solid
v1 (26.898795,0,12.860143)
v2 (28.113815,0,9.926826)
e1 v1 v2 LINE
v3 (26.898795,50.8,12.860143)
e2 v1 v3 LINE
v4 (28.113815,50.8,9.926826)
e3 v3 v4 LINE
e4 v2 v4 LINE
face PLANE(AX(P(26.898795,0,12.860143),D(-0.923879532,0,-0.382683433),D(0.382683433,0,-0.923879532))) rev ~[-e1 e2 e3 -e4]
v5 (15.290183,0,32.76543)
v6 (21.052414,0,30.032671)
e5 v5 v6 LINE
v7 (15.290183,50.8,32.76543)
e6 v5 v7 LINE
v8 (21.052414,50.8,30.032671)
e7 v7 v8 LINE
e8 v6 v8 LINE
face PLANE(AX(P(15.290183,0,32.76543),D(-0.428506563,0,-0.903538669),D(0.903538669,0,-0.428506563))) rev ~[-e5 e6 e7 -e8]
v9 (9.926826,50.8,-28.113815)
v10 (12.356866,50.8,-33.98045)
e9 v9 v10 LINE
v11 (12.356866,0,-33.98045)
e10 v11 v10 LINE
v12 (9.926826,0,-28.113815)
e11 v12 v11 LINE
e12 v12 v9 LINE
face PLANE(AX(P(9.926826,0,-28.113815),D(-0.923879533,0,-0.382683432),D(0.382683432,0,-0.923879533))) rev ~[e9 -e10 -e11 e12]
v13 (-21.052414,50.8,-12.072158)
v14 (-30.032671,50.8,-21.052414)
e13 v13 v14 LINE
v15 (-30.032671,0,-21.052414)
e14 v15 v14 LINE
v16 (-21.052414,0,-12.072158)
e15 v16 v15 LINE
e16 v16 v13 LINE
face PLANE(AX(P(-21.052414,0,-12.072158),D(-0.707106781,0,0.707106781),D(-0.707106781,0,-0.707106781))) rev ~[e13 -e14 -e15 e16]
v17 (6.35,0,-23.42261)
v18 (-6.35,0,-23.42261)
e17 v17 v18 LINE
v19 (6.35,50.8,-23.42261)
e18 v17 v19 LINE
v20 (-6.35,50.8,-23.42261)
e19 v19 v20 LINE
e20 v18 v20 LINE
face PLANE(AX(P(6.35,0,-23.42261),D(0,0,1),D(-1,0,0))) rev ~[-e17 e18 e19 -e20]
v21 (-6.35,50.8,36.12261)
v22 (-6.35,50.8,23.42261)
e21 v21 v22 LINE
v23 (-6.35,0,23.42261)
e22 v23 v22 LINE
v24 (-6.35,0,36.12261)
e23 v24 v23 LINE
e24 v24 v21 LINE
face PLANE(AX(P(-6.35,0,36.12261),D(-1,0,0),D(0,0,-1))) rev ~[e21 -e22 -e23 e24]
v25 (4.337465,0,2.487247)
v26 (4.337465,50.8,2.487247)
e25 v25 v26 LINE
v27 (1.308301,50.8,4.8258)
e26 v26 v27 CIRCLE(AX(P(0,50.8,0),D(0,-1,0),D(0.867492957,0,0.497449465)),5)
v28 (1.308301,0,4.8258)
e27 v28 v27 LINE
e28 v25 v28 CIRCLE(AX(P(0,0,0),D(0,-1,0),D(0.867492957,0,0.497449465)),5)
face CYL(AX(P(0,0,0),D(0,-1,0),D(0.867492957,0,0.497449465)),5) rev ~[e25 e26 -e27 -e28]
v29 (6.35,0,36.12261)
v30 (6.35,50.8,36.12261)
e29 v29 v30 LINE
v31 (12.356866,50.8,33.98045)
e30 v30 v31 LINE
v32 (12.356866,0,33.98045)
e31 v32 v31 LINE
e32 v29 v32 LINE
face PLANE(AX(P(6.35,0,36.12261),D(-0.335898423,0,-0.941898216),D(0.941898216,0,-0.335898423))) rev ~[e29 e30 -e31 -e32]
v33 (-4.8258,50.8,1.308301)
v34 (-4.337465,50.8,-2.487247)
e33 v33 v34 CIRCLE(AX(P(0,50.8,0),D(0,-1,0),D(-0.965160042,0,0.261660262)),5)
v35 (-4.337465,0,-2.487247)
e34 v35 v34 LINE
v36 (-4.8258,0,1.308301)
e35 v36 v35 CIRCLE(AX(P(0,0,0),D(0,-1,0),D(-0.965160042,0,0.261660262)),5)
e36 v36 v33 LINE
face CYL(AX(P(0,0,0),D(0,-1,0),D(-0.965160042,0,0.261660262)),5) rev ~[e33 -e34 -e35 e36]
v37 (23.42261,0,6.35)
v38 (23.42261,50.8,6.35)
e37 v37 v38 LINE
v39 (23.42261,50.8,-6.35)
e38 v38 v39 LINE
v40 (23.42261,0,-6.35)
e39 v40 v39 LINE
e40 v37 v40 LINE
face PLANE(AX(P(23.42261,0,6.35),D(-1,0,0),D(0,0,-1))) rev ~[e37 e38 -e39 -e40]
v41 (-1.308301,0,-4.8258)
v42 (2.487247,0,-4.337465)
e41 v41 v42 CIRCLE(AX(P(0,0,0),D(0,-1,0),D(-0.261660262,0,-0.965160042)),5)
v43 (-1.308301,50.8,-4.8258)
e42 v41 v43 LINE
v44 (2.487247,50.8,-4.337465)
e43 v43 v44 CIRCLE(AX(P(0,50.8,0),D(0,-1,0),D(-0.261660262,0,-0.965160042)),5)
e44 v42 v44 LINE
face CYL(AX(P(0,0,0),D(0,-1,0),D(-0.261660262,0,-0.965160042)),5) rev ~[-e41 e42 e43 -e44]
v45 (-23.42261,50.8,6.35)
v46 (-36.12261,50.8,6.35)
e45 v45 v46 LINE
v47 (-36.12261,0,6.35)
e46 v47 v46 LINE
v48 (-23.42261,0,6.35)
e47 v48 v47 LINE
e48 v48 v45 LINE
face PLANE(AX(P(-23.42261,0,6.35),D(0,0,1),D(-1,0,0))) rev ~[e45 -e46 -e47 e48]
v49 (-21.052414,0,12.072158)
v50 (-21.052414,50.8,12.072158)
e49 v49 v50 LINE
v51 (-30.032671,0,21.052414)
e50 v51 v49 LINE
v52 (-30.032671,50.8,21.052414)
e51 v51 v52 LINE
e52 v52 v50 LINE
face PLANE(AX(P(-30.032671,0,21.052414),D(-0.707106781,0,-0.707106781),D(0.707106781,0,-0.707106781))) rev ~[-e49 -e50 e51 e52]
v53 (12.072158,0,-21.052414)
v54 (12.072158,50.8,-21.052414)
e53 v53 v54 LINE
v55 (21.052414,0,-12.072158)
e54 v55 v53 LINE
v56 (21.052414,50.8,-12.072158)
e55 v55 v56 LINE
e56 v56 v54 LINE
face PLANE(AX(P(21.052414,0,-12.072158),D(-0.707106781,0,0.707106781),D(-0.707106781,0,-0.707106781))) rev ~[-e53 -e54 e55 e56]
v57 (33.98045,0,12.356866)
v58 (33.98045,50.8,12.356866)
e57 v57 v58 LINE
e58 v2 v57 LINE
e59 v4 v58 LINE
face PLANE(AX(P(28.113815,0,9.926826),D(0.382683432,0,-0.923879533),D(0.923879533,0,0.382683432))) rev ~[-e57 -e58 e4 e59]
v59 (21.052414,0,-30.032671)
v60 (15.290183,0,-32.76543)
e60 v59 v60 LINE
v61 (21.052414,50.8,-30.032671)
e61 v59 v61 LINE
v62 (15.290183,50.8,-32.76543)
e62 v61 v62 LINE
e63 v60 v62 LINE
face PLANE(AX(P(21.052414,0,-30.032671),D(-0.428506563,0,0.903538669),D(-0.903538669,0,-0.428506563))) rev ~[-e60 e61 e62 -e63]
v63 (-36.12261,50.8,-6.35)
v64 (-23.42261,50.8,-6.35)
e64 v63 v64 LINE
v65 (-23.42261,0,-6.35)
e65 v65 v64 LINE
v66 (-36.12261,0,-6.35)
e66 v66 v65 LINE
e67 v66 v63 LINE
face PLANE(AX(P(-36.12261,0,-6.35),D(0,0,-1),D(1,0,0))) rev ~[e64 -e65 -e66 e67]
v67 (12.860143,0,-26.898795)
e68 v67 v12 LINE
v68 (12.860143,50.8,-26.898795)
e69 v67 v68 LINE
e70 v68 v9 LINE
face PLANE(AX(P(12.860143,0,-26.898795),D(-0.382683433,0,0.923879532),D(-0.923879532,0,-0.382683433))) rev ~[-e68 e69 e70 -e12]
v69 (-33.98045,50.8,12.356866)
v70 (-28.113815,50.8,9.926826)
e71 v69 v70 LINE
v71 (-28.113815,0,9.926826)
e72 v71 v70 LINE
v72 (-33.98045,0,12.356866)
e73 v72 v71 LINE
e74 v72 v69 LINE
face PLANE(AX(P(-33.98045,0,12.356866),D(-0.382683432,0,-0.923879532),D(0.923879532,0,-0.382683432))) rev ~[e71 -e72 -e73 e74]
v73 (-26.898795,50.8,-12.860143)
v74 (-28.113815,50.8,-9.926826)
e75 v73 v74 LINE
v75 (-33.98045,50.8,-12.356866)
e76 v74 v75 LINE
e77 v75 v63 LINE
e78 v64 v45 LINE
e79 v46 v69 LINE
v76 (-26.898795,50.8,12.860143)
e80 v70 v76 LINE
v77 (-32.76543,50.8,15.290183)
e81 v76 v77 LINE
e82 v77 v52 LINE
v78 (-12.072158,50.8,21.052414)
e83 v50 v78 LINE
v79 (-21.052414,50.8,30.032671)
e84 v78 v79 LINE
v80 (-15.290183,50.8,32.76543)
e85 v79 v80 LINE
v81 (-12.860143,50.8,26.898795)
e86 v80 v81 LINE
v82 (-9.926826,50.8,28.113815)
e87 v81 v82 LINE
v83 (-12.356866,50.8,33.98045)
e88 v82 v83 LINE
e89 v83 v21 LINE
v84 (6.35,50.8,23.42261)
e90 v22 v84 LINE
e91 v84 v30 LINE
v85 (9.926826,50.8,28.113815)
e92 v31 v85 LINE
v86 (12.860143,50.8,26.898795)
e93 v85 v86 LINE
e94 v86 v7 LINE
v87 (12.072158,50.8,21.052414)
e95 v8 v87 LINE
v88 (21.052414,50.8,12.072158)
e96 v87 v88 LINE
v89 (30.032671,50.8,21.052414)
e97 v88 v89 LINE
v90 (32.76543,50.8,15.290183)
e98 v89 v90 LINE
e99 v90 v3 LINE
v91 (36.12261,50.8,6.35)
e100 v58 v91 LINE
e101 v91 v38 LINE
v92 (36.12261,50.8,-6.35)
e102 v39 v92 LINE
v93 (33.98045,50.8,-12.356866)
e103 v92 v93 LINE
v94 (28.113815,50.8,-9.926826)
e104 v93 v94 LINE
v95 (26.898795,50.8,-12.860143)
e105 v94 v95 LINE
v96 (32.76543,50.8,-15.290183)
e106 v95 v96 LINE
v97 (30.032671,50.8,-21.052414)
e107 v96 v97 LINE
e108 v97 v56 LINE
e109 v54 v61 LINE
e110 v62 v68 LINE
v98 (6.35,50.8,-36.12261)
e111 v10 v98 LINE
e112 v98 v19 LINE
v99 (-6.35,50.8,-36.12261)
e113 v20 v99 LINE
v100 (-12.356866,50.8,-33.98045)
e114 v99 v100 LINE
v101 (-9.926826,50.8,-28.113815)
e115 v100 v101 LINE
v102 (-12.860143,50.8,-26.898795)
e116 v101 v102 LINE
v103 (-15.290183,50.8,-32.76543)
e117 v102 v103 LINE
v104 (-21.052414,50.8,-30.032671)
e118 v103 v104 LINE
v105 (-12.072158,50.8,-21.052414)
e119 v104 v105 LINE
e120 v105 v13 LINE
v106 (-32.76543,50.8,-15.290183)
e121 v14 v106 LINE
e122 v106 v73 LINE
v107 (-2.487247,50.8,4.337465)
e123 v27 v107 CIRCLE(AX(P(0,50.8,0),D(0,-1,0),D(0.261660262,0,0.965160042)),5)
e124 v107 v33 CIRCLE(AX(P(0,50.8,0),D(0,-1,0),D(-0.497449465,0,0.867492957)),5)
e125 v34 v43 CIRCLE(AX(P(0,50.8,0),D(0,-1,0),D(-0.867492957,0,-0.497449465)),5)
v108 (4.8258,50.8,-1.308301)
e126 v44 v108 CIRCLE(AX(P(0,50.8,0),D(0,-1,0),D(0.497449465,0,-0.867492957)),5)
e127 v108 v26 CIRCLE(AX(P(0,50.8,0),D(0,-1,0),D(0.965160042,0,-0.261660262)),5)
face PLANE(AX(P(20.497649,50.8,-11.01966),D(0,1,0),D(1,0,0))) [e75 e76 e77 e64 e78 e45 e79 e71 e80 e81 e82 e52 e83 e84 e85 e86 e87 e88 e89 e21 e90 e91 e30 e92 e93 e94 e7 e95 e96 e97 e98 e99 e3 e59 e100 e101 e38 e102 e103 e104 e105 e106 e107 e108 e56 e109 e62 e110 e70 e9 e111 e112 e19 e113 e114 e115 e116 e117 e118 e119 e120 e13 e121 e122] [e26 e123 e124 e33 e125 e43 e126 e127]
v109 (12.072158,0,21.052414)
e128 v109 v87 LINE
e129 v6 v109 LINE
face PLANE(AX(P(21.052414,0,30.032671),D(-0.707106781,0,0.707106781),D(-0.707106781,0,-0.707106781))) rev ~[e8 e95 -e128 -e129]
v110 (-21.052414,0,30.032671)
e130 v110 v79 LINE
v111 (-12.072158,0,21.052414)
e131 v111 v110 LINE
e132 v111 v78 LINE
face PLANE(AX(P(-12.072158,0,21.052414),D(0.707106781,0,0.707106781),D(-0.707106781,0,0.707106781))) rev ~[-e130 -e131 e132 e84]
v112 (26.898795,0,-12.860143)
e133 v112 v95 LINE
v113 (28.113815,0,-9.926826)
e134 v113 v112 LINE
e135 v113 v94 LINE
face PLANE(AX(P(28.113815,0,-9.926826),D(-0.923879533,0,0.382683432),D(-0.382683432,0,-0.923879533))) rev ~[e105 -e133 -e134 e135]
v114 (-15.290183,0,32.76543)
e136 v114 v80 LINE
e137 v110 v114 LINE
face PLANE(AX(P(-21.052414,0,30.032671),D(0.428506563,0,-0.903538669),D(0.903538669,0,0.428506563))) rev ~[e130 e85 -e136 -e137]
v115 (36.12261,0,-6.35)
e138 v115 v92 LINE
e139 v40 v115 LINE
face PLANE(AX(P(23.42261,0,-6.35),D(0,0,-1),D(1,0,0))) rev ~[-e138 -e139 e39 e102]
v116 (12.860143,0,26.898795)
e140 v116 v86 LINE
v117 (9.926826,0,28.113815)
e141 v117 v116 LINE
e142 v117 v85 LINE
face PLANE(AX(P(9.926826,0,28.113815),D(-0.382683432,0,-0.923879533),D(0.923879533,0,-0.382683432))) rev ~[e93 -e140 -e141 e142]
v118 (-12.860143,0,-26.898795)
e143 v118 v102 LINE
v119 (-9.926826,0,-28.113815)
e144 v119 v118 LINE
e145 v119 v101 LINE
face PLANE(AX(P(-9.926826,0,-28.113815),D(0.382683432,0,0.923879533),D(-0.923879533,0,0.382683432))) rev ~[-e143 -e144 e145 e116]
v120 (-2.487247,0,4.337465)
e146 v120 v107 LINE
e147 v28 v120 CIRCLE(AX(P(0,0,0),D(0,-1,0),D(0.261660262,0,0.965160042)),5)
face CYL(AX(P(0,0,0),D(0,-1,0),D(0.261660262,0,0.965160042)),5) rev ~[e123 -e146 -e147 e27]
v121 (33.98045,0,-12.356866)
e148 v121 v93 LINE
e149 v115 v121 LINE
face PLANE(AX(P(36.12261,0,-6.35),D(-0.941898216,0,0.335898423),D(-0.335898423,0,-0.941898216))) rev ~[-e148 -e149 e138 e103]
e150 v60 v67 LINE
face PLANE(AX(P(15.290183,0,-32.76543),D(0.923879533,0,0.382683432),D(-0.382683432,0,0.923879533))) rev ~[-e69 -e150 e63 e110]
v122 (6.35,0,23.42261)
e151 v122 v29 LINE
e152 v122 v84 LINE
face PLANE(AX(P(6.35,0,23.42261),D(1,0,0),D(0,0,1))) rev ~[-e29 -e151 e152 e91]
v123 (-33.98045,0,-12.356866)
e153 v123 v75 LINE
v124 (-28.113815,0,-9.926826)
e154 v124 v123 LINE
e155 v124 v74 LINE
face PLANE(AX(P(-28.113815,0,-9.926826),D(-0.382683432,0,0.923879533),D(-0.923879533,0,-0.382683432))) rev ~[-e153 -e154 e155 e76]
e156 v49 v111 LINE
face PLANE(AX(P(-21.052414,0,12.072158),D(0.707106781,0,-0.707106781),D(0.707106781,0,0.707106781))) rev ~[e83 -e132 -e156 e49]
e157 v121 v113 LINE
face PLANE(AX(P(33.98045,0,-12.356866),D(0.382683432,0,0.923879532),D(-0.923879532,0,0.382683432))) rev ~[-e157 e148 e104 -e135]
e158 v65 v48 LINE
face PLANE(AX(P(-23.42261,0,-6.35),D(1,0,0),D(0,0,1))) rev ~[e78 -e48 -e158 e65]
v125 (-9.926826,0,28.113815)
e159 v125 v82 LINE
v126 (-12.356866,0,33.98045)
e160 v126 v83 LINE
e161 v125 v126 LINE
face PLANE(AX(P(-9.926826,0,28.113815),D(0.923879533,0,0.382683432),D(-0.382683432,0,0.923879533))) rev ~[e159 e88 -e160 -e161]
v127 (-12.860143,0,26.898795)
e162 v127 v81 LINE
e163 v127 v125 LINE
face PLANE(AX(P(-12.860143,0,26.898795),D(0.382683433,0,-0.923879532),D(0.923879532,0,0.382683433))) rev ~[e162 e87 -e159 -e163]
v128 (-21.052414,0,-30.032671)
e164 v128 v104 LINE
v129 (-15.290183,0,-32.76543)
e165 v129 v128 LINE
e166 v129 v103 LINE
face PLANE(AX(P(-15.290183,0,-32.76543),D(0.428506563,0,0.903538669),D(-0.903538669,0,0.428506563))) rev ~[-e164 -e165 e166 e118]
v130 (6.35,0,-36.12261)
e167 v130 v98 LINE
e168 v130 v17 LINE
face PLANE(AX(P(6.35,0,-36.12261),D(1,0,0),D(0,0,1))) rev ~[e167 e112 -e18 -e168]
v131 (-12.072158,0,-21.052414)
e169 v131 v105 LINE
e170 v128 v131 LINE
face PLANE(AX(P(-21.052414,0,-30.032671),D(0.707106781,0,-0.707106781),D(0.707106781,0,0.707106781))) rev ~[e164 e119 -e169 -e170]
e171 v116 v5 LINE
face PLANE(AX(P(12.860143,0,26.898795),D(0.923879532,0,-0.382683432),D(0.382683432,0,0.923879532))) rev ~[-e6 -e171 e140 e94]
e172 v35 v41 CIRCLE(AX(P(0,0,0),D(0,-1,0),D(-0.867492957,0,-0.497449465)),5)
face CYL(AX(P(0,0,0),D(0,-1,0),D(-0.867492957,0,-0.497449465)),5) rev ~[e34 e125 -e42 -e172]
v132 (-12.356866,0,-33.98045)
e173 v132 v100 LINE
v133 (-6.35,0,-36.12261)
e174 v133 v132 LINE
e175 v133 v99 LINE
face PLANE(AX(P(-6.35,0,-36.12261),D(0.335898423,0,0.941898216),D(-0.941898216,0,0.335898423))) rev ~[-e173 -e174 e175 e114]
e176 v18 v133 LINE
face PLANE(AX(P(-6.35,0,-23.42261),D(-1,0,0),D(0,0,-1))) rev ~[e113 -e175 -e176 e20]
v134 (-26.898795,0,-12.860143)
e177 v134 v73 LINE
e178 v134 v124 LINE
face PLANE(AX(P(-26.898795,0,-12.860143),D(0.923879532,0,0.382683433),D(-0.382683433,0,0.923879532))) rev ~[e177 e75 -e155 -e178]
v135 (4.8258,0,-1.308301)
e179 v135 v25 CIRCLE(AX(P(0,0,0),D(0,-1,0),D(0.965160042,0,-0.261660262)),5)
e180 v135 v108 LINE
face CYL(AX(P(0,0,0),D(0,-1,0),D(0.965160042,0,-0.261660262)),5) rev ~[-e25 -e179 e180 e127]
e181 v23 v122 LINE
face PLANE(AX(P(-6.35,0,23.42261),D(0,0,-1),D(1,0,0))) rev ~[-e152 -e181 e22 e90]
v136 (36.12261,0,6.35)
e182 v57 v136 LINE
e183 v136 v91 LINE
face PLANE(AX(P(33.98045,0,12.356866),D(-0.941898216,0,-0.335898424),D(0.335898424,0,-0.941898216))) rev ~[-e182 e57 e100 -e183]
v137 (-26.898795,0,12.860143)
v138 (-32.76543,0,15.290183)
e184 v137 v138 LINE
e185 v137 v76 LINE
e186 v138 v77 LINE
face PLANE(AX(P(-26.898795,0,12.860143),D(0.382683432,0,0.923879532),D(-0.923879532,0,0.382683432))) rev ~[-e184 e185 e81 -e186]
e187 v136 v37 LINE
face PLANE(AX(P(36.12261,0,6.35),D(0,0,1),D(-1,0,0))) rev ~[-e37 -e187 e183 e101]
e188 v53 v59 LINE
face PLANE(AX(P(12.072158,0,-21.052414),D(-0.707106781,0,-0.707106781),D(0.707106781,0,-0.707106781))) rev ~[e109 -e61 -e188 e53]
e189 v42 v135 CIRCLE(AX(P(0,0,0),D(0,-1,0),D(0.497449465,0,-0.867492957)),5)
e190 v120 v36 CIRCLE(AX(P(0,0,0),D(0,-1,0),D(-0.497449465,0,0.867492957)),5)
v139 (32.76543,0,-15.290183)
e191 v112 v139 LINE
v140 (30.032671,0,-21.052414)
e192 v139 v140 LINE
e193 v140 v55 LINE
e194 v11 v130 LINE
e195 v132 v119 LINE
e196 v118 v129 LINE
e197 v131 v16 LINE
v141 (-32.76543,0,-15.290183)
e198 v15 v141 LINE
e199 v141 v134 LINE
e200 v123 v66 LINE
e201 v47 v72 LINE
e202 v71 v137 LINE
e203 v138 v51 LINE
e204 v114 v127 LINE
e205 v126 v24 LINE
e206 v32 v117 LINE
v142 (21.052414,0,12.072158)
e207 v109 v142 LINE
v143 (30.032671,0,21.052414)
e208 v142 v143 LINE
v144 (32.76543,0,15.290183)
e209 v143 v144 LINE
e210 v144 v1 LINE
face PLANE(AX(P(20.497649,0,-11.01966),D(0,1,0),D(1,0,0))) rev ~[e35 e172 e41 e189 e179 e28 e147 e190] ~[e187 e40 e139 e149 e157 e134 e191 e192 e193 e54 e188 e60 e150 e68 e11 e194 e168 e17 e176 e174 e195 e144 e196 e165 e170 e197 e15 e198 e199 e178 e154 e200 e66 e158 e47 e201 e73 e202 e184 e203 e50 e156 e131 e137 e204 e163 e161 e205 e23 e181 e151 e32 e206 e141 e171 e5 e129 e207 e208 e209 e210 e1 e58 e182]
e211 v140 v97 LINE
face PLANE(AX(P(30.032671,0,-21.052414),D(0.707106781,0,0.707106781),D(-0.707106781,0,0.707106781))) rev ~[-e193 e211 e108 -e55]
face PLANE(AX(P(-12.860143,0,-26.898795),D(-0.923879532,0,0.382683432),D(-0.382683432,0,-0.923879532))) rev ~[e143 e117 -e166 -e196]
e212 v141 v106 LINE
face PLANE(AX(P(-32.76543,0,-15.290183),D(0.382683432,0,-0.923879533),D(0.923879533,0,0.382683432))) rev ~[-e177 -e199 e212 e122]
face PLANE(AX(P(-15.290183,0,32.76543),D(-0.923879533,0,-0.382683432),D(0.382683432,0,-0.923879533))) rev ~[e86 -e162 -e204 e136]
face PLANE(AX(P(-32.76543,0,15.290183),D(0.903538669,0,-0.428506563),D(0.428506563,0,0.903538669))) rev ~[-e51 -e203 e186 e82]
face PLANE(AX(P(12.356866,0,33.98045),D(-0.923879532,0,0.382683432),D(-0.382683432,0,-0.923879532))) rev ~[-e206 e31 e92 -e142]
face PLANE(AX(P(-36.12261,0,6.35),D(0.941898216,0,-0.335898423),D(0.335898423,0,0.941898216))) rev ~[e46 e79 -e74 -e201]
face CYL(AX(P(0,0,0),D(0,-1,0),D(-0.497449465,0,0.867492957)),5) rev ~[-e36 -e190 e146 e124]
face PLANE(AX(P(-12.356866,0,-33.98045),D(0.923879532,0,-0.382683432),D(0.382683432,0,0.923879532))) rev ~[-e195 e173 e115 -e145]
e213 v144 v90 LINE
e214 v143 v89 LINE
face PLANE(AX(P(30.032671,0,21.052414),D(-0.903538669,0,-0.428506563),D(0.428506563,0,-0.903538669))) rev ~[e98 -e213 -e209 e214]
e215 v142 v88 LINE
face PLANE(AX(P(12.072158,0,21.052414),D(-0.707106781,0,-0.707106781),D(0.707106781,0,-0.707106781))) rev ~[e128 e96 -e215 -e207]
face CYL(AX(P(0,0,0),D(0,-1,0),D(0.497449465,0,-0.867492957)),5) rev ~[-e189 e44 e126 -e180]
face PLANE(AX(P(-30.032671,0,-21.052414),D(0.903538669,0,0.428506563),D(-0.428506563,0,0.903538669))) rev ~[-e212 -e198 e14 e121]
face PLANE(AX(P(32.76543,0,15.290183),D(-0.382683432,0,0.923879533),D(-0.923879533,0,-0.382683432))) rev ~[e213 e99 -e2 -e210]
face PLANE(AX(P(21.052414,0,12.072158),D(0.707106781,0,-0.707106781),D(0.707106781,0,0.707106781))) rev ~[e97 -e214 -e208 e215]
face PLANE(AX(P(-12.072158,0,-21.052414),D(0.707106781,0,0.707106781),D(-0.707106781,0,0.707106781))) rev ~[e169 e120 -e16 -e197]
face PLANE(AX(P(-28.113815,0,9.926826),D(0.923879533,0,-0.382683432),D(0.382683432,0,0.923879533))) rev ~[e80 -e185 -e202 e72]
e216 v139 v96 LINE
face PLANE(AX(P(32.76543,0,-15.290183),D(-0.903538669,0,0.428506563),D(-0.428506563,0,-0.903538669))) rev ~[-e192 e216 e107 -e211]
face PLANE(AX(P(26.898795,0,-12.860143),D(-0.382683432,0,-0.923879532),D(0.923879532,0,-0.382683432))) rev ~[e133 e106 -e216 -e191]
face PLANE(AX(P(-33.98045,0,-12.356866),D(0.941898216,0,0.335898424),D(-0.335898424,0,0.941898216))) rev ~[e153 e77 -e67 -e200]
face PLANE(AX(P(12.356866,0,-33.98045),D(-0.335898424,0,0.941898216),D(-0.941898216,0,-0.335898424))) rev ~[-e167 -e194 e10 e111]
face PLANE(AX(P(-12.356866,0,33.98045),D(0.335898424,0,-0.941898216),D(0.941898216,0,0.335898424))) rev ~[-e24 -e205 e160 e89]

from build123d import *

# Parameters (mm, degrees)
BOSS_EXTRUDE3_DEPTH = 50.8
CIRPATTERN2_COUNT   = 8


with BuildPart() as part:
    # Sketch1 → Boss-Extrude3 (new body)
    with BuildSketch(Plane(origin=(0, 0, 0), x_dir=(1, 0, 0), z_dir=(0, 1, 0))):
        with BuildLine():
            Line((21.052414425, 12.072158304), (12.072158304, 21.052414425))
            Line((12.072158304, 21.052414425), (2.487247326, 4.337464782))
            ThreePointArc((2.487247326, 4.337464782), (3.957792808, 3.055466591), (4.825800212, 1.30830131))
            Line((4.825800212, 1.30830131), (23.42261, 6.35))
            Line((23.42261, 6.35), (36.12261, 6.35))
            Line((36.12261, 6.35), (33.980449989, 12.356865623))
            Line((33.980449989, 12.356865623), (28.113814957, 9.926825827))
            Line((28.113814957, 9.926825827), (26.89879506, 12.860143343))
            Line((26.89879506, 12.860143343), (32.765430091, 15.290183139))
            Line((32.765430091, 15.290183139), (30.032670546, 21.052414425))
            Line((30.032670546, 21.052414425), (21.052414425, 12.072158304))
        make_face()
    extrude(amount=BOSS_EXTRUDE3_DEPTH)


with BuildPart() as cirpattern2_1:
    # CirPattern2: pattern copy
    add(part.part.rotate(Axis((0, -0.25, 0), (0, 1, 0)), 1 * 360 / CIRPATTERN2_COUNT))


with BuildPart() as cirpattern2_2:
    # CirPattern2: pattern copy
    add(part.part.rotate(Axis((0, -0.25, 0), (0, 1, 0)), 2 * 360 / CIRPATTERN2_COUNT))


with BuildPart() as cirpattern2_3:
    # CirPattern2: pattern copy
    add(part.part.rotate(Axis((0, -0.25, 0), (0, 1, 0)), 3 * 360 / CIRPATTERN2_COUNT))


with BuildPart() as cirpattern2_4:
    # CirPattern2: pattern copy
    add(part.part.rotate(Axis((0, -0.25, 0), (0, 1, 0)), 4 * 360 / CIRPATTERN2_COUNT))


with BuildPart() as cirpattern2_5:
    # CirPattern2: pattern copy
    add(part.part.rotate(Axis((0, -0.25, 0), (0, 1, 0)), 5 * 360 / CIRPATTERN2_COUNT))


with BuildPart() as cirpattern2_6:
    # CirPattern2: pattern copy
    add(part.part.rotate(Axis((0, -0.25, 0), (0, 1, 0)), 6 * 360 / CIRPATTERN2_COUNT))


with BuildPart() as cirpattern2_7:
    # CirPattern2: pattern copy
    add(part.part.rotate(Axis((0, -0.25, 0), (0, 1, 0)), 7 * 360 / CIRPATTERN2_COUNT))


with BuildPart() as cirpattern2_1_1:
    add(cirpattern2_1.part)

    # Combine2: union CirPattern2_2, CirPattern2_3, CirPattern2_4, CirPattern2_5, CirPattern2_6, CirPattern2_7, part
    add(cirpattern2_2.part)
    add(cirpattern2_3.part)
    add(cirpattern2_4.part)
    add(cirpattern2_5.part)
    add(cirpattern2_6.part)
    add(cirpattern2_7.part)
    add(part.part)


solid = cirpattern2_1_1.part
